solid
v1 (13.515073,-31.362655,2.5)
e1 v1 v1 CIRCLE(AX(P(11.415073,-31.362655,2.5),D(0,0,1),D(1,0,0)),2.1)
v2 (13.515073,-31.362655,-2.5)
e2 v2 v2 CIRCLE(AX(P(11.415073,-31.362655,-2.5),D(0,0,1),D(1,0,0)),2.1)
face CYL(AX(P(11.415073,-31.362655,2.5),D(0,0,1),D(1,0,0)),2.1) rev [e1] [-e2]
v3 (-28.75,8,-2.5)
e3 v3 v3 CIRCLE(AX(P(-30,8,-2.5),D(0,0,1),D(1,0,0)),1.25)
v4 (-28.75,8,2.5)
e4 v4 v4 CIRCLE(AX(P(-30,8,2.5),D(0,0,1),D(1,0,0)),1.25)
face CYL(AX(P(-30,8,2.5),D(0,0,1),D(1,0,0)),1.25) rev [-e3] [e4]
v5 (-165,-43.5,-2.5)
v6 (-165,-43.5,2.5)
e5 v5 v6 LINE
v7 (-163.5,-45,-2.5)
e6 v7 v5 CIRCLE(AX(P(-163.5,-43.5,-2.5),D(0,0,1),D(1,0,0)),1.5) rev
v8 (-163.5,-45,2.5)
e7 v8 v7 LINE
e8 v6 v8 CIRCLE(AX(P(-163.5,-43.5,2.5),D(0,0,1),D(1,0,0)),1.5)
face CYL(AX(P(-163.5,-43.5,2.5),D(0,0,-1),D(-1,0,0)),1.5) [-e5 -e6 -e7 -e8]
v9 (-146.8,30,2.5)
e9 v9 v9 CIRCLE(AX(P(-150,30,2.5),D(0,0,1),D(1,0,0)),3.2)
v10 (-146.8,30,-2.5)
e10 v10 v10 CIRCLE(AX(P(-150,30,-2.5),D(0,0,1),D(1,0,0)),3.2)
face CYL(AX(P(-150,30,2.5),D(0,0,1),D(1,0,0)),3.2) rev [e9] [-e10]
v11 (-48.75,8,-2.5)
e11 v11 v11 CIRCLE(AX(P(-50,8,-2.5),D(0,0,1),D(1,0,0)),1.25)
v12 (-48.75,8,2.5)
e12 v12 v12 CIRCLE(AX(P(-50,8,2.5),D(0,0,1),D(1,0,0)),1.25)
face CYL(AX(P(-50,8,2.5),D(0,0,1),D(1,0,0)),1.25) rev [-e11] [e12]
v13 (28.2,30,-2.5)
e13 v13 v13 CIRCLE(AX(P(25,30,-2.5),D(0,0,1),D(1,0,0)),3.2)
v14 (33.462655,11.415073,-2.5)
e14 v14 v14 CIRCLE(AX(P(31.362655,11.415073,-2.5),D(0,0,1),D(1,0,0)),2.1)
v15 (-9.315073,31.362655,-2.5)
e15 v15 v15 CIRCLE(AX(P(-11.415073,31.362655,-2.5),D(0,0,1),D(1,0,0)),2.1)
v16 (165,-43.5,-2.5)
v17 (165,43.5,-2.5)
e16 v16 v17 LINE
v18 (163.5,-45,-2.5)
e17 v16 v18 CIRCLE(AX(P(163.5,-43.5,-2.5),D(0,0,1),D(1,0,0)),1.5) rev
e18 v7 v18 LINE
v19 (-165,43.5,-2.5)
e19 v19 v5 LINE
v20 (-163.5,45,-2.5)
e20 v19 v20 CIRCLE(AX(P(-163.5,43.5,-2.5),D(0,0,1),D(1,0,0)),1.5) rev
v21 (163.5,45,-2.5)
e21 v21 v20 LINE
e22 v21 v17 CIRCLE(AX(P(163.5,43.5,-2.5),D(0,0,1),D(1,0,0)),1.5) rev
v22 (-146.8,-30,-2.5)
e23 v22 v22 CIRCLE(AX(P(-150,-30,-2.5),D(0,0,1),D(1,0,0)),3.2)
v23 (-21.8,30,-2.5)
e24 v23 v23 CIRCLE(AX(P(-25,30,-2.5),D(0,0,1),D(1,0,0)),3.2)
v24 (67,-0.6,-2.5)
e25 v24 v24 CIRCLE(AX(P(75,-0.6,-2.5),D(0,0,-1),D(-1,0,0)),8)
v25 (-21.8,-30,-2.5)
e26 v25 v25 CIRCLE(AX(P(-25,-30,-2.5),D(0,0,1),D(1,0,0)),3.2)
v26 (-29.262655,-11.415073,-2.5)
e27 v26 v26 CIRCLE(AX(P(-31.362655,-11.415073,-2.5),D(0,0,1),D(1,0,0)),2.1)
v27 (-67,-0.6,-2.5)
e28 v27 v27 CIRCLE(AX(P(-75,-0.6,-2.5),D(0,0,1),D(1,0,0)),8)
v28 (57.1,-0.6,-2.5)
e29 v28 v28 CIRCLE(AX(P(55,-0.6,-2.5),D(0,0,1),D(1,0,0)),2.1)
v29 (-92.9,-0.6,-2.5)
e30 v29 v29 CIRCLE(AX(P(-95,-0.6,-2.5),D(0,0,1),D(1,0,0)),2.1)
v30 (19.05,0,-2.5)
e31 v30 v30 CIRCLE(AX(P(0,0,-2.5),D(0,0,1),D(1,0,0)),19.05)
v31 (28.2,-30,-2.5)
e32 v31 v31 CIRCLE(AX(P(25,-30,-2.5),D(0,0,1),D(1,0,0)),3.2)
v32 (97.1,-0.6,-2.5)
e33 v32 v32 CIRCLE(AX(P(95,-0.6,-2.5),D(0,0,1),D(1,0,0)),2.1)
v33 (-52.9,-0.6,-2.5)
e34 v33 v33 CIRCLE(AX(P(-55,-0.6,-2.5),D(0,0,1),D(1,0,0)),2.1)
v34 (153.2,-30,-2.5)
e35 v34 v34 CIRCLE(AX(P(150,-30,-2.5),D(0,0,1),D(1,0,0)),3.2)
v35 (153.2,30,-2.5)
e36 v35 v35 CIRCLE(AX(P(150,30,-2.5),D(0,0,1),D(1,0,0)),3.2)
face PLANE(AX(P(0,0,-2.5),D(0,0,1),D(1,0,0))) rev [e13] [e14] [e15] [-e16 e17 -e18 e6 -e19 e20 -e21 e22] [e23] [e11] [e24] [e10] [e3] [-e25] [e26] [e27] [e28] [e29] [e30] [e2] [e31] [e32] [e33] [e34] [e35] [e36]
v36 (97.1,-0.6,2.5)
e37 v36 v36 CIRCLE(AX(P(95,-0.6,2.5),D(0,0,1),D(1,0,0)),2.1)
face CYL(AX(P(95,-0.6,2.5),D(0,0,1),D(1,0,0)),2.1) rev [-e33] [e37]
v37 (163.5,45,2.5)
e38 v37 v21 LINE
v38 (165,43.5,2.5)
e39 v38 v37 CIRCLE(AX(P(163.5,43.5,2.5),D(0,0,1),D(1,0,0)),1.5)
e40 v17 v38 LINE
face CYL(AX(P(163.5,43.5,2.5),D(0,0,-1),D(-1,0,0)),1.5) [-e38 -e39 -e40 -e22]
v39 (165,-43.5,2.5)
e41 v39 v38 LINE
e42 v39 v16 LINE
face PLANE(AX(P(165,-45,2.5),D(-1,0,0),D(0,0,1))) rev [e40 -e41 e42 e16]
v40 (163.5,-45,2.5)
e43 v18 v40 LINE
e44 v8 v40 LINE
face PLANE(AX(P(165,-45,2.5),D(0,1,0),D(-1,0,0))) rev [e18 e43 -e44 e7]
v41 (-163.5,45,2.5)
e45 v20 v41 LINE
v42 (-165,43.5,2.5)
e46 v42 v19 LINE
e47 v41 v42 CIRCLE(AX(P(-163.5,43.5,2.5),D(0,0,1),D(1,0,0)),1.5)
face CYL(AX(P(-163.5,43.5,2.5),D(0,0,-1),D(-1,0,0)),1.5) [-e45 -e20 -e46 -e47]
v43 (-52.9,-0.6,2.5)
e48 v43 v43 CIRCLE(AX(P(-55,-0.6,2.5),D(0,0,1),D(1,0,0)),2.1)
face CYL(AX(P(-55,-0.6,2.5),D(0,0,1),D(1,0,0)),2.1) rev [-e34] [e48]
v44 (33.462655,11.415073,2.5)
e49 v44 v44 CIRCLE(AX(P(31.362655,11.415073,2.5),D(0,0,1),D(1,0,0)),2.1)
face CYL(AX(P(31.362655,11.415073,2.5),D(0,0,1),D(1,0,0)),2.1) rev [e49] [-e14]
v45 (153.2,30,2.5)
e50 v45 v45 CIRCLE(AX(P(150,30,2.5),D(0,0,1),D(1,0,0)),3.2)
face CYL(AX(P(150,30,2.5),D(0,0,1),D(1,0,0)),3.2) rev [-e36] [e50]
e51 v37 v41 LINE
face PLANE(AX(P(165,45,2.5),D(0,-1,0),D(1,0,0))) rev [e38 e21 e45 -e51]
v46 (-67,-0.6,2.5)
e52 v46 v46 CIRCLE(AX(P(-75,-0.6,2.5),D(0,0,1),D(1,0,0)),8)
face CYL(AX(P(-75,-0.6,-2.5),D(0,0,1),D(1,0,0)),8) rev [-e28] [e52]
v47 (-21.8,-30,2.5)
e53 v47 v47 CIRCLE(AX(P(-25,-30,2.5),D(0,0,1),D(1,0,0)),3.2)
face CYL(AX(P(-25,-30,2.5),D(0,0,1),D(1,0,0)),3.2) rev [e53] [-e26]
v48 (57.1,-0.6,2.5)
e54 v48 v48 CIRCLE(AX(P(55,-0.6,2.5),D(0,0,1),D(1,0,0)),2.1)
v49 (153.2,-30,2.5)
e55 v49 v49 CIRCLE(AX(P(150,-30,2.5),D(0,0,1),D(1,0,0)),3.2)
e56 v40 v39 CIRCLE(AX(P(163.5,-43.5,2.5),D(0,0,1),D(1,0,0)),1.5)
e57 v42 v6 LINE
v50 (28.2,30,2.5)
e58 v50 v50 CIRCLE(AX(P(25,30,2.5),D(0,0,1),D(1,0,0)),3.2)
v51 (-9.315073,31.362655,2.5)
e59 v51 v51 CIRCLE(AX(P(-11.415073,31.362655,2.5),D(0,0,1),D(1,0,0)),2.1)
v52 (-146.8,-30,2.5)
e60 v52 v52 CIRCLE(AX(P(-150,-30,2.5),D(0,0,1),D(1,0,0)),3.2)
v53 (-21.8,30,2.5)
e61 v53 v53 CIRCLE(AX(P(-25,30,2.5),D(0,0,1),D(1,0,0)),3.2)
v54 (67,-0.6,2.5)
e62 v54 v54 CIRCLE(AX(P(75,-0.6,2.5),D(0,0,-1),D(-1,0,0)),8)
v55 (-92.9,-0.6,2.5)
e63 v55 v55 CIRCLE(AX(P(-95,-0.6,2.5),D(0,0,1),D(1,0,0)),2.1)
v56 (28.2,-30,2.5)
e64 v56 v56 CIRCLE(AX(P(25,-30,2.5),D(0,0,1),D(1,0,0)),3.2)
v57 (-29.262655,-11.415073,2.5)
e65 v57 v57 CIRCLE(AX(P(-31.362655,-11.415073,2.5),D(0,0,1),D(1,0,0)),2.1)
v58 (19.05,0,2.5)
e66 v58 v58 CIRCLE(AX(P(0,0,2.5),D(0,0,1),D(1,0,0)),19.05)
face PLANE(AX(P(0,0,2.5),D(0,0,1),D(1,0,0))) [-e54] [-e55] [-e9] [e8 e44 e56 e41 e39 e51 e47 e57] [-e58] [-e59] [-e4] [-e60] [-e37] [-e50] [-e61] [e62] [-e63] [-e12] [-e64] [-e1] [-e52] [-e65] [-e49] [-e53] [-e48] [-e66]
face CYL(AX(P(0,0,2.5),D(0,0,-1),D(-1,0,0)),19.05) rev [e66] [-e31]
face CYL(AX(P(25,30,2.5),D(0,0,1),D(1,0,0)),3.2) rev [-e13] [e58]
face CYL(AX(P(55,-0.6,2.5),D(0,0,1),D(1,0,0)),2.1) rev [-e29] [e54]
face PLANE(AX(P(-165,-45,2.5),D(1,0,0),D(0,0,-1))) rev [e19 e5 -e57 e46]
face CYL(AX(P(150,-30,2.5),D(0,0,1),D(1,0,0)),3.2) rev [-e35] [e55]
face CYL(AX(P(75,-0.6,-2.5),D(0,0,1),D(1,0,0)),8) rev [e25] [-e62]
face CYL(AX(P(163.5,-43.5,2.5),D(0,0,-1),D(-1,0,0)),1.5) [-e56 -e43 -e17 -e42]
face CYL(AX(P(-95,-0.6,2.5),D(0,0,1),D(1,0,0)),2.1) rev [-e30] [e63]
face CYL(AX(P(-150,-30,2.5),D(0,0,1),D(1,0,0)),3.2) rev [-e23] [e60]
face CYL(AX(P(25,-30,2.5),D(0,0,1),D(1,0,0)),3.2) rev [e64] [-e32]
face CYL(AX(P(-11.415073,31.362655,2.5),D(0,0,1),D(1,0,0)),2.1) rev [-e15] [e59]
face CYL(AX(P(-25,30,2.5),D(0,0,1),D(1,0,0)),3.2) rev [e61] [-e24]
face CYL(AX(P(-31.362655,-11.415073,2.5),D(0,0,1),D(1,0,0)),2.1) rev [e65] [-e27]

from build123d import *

# Parameters (mm, degrees)
SKETCH1_W             = 330
SKETCH1_H             = 90
SKETCH1_R             = 19.05
BOSS_EXTRUDE1_DEPTH   = 2.5
M6_CLEARANCE_HOLE1_D  = 6.4
SKETCH3_R             = 8
CUT_EXTRUDE2_DEPTH    = 6
M5X0_8_TAPPED_HOLE1_D = 4.2
M5X0_8_TAPPED_HOLE3_D = 4.2
FILLET1_R             = 1.5
M3X0_5_TAPPED_HOLE1_D = 2.5


with BuildPart() as part:
    # Sketch1 → Boss-Extrude1 (new body, symmetric)
    with BuildSketch(Plane.XY):
        Rectangle(SKETCH1_W, SKETCH1_H)
        Circle(SKETCH1_R, mode=Mode.SUBTRACT)
    extrude(amount=BOSS_EXTRUDE1_DEPTH, both=True)

    # M6 Clearance Hole1 (through all)
    with Locations(Plane.XY.offset(2.5)):
        with Locations((-150, 30), (-25, 30), (-25, -30), (-150, -30)):
            m6_clearance_hole1 = Hole(M6_CLEARANCE_HOLE1_D / 2)

    # Mirror2: M6 Clearance Hole1 across plane
    add(m6_clearance_hole1.mirror(Plane(origin=(0, 0, 0), x_dir=(0, 0, 1), z_dir=(1, 0, 0))), mode=Mode.SUBTRACT)

    # Sketch3 → Cut-Extrude2 (cut, through all)
    with BuildSketch(Plane.XY.offset(2.5)):
        with Locations((-75, -0.6)):
            Circle(SKETCH3_R)
    cut_extrude2 = extrude(amount=-CUT_EXTRUDE2_DEPTH, mode=Mode.SUBTRACT)

    # M5x0.8 Tapped Hole1 (through all)
    with Locations(Plane.XY.offset(2.5)):
        with Locations((-95, -0.6), (-55, -0.6)):
            m5x0_8_tapped_hole1 = Hole(M5X0_8_TAPPED_HOLE1_D / 2)

    # Mirror1: Cut-Extrude2, M5x0.8 Tapped Hole1 across plane
    add(cut_extrude2.mirror(Plane(origin=(0, 0, 0), x_dir=(0, 0, 1), z_dir=(1, 0, 0))), mode=Mode.SUBTRACT)
    add(m5x0_8_tapped_hole1.mirror(Plane(origin=(0, 0, 0), x_dir=(0, 0, 1), z_dir=(1, 0, 0))), mode=Mode.SUBTRACT)

    # M5x0.8 Tapped Hole3 (through all)
    with Locations(Plane.XY.offset(2.5)):
        with Locations((-11.415072797, 31.362654751), (11.415072797, -31.362654751), (-31.362654751, -11.415072797), (31.362654751, 11.415072797)):
            Hole(M5X0_8_TAPPED_HOLE3_D / 2)

    # Fillet1
    fillet1_edges = [part.edges().sort_by_distance(p)[0] for p in [
        (-165, 45, 0),
        (165, 45, 0),
        (165, -45, 0),
        (-165, -45, 0),
    ]]
    fillet(fillet1_edges, radius=FILLET1_R)

    # M3x0.5 Tapped Hole1 (through all)
    with Locations(Plane.XY.offset(2.5)):
        with Locations((-50, 8), (-30, 8)):
            Hole(M3X0_5_TAPPED_HOLE1_D / 2)


solid = part.part
